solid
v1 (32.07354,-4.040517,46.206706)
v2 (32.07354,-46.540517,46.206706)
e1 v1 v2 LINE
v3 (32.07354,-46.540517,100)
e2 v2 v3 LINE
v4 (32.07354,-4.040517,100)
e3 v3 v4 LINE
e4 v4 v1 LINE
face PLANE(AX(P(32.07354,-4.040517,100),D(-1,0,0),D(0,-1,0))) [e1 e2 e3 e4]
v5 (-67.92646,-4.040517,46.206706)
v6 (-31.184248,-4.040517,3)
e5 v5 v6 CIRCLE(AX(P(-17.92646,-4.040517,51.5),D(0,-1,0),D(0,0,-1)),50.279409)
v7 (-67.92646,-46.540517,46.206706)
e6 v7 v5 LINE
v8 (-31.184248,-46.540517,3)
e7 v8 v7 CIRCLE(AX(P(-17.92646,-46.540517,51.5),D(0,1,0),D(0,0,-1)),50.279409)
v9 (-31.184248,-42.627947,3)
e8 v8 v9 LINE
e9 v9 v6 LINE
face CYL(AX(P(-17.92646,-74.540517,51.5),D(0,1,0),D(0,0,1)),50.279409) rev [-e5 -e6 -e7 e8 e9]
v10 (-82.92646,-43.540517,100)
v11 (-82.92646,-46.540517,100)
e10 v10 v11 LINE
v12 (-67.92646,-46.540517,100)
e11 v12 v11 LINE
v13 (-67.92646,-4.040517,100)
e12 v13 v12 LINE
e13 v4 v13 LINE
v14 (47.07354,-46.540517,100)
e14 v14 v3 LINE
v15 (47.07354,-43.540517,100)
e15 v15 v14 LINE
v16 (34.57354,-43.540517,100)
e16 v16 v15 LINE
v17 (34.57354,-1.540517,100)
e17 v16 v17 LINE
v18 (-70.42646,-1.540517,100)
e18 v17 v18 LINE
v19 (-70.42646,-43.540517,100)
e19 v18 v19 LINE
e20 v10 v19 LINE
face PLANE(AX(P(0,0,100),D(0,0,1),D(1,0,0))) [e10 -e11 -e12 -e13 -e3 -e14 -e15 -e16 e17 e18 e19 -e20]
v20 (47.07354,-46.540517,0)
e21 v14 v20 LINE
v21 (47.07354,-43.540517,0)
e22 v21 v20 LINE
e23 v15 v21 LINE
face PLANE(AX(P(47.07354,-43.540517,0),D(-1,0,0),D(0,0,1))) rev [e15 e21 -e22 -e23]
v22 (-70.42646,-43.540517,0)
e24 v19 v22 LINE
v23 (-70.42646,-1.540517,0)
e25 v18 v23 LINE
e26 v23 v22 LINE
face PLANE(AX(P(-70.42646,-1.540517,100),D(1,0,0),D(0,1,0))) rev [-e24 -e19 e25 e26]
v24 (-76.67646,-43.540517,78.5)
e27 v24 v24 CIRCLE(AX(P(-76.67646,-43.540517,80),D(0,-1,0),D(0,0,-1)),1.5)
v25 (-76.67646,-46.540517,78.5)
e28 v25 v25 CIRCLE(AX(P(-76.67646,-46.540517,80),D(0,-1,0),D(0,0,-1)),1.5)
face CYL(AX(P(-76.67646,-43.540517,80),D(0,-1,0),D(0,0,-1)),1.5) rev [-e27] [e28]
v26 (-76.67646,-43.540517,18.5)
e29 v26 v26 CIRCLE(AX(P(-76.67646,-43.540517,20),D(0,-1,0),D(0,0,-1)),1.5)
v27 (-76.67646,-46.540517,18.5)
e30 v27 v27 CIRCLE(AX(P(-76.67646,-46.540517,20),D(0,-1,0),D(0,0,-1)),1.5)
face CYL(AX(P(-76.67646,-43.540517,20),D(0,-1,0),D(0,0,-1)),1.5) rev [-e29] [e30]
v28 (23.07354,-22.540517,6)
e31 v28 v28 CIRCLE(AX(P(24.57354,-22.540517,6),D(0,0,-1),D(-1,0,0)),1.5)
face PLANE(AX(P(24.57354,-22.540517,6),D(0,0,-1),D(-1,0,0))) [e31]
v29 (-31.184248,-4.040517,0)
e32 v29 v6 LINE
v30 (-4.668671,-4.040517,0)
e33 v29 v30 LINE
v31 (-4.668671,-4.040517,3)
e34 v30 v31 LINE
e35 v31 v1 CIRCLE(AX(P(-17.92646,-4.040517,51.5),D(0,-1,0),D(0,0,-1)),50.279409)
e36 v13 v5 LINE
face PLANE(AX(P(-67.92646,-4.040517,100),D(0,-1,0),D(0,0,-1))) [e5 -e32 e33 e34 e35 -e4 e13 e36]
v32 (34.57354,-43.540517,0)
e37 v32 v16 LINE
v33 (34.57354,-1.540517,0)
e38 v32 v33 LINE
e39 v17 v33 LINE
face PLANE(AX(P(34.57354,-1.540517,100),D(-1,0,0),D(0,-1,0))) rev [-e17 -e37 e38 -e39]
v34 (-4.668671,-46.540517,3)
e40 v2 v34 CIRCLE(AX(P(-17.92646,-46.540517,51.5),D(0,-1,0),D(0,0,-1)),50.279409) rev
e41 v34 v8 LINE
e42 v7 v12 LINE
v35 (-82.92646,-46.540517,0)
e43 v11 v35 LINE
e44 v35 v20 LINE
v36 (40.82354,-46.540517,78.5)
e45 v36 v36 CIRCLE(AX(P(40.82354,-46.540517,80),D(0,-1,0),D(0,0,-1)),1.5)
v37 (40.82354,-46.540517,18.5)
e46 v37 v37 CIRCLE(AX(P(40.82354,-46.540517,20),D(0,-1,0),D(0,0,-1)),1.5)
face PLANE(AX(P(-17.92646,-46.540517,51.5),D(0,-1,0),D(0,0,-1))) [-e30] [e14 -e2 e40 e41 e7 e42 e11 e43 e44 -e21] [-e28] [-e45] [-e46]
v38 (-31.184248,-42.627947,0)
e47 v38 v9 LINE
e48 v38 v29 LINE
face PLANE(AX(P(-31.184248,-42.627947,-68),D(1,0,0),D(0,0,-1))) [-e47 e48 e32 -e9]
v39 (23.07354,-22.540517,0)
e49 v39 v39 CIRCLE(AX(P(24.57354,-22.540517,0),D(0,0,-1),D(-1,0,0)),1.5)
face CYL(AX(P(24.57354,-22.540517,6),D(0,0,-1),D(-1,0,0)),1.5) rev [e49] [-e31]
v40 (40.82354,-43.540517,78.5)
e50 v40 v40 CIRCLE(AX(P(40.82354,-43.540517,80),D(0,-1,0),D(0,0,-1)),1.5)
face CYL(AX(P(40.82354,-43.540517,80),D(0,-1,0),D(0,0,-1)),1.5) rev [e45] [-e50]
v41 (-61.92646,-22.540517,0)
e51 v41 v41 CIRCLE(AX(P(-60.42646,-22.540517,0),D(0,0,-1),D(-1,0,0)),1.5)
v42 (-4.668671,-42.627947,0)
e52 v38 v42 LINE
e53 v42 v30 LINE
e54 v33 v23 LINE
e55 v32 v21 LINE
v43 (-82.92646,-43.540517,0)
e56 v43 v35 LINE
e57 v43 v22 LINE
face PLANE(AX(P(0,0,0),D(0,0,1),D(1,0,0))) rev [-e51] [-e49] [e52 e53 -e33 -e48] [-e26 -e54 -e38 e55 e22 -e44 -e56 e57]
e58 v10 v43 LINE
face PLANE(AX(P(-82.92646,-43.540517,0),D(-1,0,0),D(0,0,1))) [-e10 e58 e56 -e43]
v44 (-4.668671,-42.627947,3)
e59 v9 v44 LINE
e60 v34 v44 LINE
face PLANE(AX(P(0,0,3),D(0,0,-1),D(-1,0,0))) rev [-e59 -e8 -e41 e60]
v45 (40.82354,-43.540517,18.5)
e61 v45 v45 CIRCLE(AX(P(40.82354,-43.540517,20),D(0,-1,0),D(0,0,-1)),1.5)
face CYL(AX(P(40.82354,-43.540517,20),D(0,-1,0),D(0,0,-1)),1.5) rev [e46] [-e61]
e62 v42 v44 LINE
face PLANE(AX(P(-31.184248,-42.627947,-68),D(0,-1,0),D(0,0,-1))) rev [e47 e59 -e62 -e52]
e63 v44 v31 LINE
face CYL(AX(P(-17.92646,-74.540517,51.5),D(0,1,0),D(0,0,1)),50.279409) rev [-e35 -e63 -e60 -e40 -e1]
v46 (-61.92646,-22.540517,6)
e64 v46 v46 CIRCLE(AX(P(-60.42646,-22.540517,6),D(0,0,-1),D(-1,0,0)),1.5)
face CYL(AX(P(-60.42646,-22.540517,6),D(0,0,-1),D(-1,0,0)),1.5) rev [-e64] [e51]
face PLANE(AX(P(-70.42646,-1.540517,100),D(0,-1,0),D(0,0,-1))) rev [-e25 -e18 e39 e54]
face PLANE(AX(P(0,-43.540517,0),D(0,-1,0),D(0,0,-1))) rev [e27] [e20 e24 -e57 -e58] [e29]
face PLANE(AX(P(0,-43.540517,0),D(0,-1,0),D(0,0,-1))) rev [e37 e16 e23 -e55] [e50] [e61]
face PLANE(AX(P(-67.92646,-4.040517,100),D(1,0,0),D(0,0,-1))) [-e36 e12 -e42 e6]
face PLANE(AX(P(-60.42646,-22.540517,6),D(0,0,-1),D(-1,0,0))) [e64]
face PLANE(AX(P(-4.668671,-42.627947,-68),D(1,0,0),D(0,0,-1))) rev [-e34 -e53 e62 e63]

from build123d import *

# Parameters (mm, degrees)
SKETCH1_W           = 105
SKETCH1_H           = 75
SKETCH1_W_2         = 100
SKETCH1_H_2         = 70
BOSS_EXTRUDE1_DEPTH = 100
SKETCH1_2_W         = 105
SKETCH1_2_H         = 75
BOSS_EXTRUDE2_DEPTH = 3
BOSS_EXTRUDE3_DEPTH = 73
CUT_EXTRUDE3_START  = -21.5
CUT_EXTRUDE3_DEPTH  = 21.5
CUT_EXTRUDE4_START  = -30
CUT_EXTRUDE4_DEPTH  = 30
SKETCH7_W           = 26.515577751
SKETCH7_H           = 38.587429438
CUT_EXTRUDE5_DEPTH  = 71
SKETCH8_W           = 12.5
SKETCH8_H           = 100
SKETCH8_R           = 1.5
BOSS_EXTRUDE4_DEPTH = 3
SKETCH9_R           = 1.5
CUT_EXTRUDE6_DEPTH  = 6


with BuildPart() as part:
    # Sketch1 → Boss-Extrude1 (new body)
    with BuildSketch(Plane.XY):
        with Locations((-17.926459532, -39.040517308)):
            Rectangle(SKETCH1_W, SKETCH1_H)
        with Locations((-17.926459532, -39.040517308)):
            Rectangle(SKETCH1_W_2, SKETCH1_H_2, mode=Mode.SUBTRACT)
    extrude(amount=BOSS_EXTRUDE1_DEPTH)

    # Sketch1<2> → Boss-Extrude2 (add)
    with BuildSketch(Plane.XY):
        with Locations((-17.926459532, -39.040517308)):
            Rectangle(SKETCH1_2_W, SKETCH1_2_H)
    extrude(amount=BOSS_EXTRUDE2_DEPTH)

    # Sketch4 → Boss-Extrude3 (add)
    with BuildSketch(Plane(origin=(0, -1.540517308, 0), x_dir=(1, 0, 0), z_dir=(0, 1, 0))):
        with BuildLine():
            Line((32.352949433, -3), (-4.668670656, -3))
            ThreePointArc((-4.668670656, -3), (22.039856002, -20.992417524), (32.352949433, -51.5))
            Line((32.352949433, -51.5), (32.352949433, -3))
        make_face()
        with BuildLine():
            Line((-67.926459532, -3), (-67.926459532, -46.206705574))
            ThreePointArc((-67.926459532, -46.206705574), (-56.229094102, -18.928123314), (-31.184248407, -3))
            Line((-31.184248407, -3), (-67.926459532, -3))
        make_face()
    extrude(amount=-BOSS_EXTRUDE3_DEPTH)

    # Sketch5 → Cut-Extrude3 (cut)
    with BuildSketch(Plane.XZ.offset(76.540517308).offset(CUT_EXTRUDE3_START)):
        with BuildLine():
            Line((31.63486206, 100), (-67.926459532, 100))
            Line((-67.926459532, 100), (-67.926459532, 46.206705574))
            ThreePointArc((-67.926459532, 46.206705574), (-56.361491054, 19.084458701), (-31.579033768, 3.109647836))
            Line((-31.579033768, 3.109647836), (-4.273885295, 3.109647836))
            ThreePointArc((-4.273885295, 3.109647836), (19.456191853, 17.876253312), (31.63486206, 43.032747318))
            Line((31.63486206, 43.032747318), (31.63486206, 100))
        make_face()
    extrude(amount=CUT_EXTRUDE3_DEPTH, mode=Mode.SUBTRACT)

    # Sketch6 → Cut-Extrude4 (cut)
    with BuildSketch(Plane.XZ.offset(76.540517308).offset(CUT_EXTRUDE4_START)):
        with BuildLine():
            Line((-67.926459532, 46.206705574), (-67.926459532, 100))
            Line((-67.926459532, 100), (-70.426459532, 100))
            Line((-70.426459532, 100), (-70.426459532, 0))
            Line((-70.426459532, 0), (34.573540468, 0))
            Line((34.573540468, 0), (34.573540468, 100))
            Line((34.573540468, 100), (31.63486206, 100))
            Line((31.63486206, 100), (31.63486206, 43.032747318))
            ThreePointArc((31.63486206, 43.032747318), (19.456191853, 17.876253312), (-4.273885295, 3.109647836))
            Line((-4.273885295, 3.109647836), (-31.579033768, 3.109647836))
            ThreePointArc((-31.579033768, 3.109647836), (-56.361491054, 19.084458701), (-67.926459532, 46.206705574))
        make_face()
    extrude(amount=CUT_EXTRUDE4_DEPTH, mode=Mode.SUBTRACT)

    # Sketch7 → Cut-Extrude5 (cut)
    with BuildSketch(Plane.XY.offset(3)):
        with Locations((-17.926459532, -23.334232027)):
            Rectangle(SKETCH7_W, SKETCH7_H)
    extrude(amount=-CUT_EXTRUDE5_DEPTH, mode=Mode.SUBTRACT)

    # Sketch8 → Boss-Extrude4 (add)
    # profile 1 of 2: a face of its own
    with BuildSketch(Plane.XZ.offset(46.540517308)):
        with Locations((-76.676459532, 50)):
            Rectangle(SKETCH8_W, SKETCH8_H)
        with Locations((-76.676459532, 20)):
            Circle(SKETCH8_R, mode=Mode.SUBTRACT)
        with Locations((-76.676459532, 80)):
            Circle(SKETCH8_R, mode=Mode.SUBTRACT)
    # profile 2 of 2: a face of its own
    with BuildSketch(Plane.XZ.offset(46.540517308)):
        with Locations((40.823540468, 50)):
            Rectangle(SKETCH8_W, SKETCH8_H)
        with Locations((40.823540468, 20)):
            Circle(SKETCH8_R, mode=Mode.SUBTRACT)
        with Locations((40.823540468, 80)):
            Circle(SKETCH8_R, mode=Mode.SUBTRACT)
    extrude(amount=-BOSS_EXTRUDE4_DEPTH)

    # Sketch9 → Cut-Extrude6 (cut)
    with BuildSketch(Plane(origin=(0, 0, 0), x_dir=(-1, 0, 0), z_dir=(0, 0, -1))):
        with Locations((-24.573540468, -22.540517308)):
            Circle(SKETCH9_R)
        with Locations((60.426459532, -22.540517308)):
            Circle(SKETCH9_R)
    extrude(amount=-CUT_EXTRUDE6_DEPTH, mode=Mode.SUBTRACT)


solid = part.part
